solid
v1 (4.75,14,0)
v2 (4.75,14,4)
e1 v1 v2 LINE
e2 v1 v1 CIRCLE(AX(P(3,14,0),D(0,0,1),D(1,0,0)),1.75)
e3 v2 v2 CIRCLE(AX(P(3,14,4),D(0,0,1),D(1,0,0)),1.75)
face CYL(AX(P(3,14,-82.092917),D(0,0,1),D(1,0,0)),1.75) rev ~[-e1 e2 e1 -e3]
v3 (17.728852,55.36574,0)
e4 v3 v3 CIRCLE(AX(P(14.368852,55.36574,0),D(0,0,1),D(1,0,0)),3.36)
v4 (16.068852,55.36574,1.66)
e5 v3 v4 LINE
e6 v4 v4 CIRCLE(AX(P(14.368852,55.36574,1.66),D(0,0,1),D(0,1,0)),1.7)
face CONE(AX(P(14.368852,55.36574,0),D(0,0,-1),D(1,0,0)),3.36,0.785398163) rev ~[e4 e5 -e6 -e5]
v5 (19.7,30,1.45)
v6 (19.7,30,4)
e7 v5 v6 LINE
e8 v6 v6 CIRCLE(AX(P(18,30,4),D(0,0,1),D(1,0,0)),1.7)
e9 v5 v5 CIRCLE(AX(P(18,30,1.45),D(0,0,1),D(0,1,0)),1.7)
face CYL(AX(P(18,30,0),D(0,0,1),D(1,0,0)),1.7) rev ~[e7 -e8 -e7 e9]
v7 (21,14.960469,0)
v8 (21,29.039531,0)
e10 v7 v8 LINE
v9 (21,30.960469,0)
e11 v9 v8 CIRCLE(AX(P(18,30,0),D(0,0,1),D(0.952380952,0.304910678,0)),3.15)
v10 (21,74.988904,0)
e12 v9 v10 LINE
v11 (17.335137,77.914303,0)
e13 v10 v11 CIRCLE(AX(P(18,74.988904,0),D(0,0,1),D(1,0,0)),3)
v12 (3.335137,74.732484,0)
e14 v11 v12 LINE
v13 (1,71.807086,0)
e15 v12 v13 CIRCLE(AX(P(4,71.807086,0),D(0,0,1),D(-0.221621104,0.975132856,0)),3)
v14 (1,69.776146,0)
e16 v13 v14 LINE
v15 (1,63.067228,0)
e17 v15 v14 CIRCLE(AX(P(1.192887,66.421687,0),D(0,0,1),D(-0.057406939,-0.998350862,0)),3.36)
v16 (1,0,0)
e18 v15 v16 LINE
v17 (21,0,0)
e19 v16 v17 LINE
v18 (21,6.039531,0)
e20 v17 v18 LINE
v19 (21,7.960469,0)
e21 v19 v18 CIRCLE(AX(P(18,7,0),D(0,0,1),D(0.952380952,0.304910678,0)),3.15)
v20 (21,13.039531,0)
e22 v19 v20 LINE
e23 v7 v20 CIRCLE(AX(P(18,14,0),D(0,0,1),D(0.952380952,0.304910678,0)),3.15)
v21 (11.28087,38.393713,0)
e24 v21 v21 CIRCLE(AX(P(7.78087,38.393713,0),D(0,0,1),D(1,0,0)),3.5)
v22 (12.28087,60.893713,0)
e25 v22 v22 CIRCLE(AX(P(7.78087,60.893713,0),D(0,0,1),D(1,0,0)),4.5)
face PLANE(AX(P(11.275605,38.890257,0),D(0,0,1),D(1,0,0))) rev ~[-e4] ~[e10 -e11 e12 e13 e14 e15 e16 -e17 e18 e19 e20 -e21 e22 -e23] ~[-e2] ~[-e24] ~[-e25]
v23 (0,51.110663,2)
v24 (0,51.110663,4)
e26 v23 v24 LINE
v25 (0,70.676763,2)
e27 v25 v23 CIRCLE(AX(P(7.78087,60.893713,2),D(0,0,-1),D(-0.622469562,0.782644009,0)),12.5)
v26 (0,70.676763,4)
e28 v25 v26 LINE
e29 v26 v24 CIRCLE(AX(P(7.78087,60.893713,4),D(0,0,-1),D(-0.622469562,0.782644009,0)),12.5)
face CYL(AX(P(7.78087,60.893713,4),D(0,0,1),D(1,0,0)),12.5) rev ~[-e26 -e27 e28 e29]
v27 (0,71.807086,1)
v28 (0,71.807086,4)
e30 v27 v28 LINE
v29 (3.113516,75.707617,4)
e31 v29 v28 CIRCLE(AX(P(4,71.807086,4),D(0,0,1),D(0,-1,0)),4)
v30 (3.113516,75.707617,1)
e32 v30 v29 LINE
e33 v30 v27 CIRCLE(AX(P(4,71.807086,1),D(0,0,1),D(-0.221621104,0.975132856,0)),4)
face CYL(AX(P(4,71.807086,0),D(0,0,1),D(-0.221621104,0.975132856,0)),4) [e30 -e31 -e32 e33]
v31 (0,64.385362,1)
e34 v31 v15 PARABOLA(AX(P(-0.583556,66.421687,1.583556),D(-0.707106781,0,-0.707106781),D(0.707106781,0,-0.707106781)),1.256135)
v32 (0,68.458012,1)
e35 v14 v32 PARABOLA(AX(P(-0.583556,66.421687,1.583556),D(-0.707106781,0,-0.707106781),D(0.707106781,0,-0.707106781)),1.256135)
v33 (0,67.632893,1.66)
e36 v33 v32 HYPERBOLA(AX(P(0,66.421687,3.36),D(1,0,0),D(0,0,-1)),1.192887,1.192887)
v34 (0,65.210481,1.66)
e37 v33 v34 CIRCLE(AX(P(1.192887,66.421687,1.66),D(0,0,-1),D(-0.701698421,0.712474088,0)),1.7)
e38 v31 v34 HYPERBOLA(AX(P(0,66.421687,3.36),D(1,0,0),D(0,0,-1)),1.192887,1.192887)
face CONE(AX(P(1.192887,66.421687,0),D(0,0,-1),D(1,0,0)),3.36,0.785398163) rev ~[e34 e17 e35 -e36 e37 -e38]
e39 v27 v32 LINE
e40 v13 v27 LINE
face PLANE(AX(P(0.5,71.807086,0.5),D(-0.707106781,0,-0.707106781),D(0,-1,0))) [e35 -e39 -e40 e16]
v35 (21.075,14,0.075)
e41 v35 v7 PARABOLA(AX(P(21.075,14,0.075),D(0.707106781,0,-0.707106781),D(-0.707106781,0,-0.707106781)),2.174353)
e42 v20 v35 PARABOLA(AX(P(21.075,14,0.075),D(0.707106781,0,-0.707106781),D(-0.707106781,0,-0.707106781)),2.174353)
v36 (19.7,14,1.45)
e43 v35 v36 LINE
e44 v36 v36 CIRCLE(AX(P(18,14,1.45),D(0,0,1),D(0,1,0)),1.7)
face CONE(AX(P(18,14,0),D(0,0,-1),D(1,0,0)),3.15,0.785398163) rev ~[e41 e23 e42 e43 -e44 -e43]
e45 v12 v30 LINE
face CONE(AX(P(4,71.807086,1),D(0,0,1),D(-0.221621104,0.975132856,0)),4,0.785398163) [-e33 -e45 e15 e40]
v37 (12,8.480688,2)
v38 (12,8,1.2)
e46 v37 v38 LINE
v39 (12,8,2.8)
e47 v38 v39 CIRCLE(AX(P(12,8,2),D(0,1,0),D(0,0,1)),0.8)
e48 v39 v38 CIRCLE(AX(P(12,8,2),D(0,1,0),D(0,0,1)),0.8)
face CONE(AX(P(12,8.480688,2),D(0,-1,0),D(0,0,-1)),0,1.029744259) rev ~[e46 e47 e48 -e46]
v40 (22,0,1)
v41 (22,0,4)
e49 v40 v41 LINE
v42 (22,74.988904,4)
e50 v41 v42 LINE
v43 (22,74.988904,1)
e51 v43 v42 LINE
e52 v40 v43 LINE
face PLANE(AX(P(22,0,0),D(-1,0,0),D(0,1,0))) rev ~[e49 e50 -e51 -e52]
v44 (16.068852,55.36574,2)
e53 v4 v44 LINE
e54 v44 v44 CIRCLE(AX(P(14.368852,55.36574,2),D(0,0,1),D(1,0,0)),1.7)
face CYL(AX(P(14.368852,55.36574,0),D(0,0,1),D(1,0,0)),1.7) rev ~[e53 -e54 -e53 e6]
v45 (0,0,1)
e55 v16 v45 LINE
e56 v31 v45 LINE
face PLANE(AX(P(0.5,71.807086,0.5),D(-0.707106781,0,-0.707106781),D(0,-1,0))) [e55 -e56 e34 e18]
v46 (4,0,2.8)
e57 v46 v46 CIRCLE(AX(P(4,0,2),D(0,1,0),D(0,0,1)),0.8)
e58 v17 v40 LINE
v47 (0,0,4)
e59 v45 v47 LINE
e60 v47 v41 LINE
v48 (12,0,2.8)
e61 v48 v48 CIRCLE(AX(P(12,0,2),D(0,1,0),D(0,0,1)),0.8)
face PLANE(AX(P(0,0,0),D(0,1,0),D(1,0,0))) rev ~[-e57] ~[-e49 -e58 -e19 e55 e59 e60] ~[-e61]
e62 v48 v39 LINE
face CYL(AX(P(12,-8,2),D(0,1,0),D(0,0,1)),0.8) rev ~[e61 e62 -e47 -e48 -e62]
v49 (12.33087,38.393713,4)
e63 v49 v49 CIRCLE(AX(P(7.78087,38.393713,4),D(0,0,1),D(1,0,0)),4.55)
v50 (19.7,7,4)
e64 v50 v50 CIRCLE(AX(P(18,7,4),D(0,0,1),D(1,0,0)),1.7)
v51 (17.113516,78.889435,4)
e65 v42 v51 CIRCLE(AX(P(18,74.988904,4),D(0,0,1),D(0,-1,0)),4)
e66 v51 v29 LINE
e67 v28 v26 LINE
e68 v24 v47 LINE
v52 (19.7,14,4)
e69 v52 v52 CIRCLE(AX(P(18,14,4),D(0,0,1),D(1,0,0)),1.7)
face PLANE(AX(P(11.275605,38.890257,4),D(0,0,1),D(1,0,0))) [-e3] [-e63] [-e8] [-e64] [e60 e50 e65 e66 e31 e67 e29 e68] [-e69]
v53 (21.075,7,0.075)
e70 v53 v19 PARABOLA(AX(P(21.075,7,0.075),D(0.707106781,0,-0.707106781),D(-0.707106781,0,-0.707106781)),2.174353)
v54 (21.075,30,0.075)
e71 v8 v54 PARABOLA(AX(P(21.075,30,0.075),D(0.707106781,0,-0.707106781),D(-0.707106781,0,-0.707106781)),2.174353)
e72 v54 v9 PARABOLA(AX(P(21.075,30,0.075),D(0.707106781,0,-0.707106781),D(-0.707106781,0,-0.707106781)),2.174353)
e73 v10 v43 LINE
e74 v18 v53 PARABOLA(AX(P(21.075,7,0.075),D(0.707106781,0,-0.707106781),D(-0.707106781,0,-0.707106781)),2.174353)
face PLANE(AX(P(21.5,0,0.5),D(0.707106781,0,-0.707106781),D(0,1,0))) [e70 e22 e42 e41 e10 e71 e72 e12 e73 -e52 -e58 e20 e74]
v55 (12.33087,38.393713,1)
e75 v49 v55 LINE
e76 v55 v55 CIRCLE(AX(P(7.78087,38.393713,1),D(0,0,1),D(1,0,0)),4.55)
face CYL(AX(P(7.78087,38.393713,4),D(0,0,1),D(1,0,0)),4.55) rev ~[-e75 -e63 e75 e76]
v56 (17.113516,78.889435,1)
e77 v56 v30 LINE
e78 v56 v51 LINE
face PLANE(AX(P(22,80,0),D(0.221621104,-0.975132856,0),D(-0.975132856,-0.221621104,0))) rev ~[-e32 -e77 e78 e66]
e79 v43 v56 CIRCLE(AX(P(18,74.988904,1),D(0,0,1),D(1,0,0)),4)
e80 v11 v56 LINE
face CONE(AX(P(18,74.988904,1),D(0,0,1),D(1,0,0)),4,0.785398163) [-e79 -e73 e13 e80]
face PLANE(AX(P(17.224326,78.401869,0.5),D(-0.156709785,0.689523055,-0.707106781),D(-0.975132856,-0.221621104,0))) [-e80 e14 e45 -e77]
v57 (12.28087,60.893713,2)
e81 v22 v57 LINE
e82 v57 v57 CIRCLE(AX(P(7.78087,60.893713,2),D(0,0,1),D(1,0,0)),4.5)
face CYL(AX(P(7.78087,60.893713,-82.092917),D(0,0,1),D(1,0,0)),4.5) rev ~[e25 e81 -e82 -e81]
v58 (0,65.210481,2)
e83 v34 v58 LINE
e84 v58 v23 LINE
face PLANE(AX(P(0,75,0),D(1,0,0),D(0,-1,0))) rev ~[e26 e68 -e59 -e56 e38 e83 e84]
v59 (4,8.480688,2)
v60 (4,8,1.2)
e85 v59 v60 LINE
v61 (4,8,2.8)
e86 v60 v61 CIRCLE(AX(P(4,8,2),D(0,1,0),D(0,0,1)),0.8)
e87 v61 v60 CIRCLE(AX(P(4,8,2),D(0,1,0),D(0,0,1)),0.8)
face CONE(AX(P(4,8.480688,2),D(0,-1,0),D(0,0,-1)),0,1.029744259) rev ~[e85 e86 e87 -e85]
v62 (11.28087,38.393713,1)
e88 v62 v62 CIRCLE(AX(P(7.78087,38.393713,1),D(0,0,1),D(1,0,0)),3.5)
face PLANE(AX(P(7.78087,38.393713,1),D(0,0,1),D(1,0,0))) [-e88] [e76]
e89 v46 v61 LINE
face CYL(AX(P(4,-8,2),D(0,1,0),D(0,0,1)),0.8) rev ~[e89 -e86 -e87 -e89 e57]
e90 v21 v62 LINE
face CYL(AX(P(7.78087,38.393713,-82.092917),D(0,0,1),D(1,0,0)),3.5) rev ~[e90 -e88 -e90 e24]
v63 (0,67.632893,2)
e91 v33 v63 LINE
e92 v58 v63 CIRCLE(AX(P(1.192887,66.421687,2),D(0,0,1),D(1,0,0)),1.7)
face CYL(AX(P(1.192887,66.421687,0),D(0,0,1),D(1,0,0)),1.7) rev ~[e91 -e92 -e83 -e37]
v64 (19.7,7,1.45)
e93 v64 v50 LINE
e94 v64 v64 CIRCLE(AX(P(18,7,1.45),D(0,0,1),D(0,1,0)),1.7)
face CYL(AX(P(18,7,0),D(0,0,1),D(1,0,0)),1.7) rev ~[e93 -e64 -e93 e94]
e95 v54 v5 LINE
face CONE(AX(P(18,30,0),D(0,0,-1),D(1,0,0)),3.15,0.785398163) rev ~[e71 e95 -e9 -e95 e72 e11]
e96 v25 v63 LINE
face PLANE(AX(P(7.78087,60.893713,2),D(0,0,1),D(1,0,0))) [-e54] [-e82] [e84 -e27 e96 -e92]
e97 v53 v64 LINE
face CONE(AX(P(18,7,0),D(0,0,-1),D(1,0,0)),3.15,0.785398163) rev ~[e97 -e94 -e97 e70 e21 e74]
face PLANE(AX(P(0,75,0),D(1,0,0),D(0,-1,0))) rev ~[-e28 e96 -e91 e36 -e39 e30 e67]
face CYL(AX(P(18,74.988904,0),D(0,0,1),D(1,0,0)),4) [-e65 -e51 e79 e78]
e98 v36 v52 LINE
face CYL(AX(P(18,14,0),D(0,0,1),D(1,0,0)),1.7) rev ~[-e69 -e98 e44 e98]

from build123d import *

# Parameters (mm, degrees)
RESSALTO_EXTRUS_O1_DEPTH                             = 4
FILETE1_R                                            = 4
CHANFRO1_SIZE                                        = 1
FURO_DE_DI_METRO_7_0_7_1_D                           = 7
ESCAREADO_PARA_PARAFUSO_COM_CABE_A_ESCAR_D           = 3.4
ESCAREADO_PARA_PARAFUSO_COM_CABE_A_ESCAR_CSINK_D     = 6.3
ESCAREADO_PARA_PARAFUSO_COM_CABE_A_ESCAR_CSINK_ANGLE = 90
BROCA_DE_ROSQUEAR_PARA_TARRAXA_DE_M21_D              = 1.6
BROCA_DE_ROSQUEAR_PARA_TARRAXA_DE_M21_DEPTH          = 8
BROCA_DE_ROSQUEAR_PARA_TARRAXA_DE_M21_TIP            = 0.480688495
FURO_DE_DI_METRO_9_0_9_3_D                           = 9
ESCAREADO_PARA_PARAFUSO_ALLEN_SEXTAVADO_D            = 3.4
ESCAREADO_PARA_PARAFUSO_ALLEN_SEXTAVADO_CSINK_D      = 6.72
ESCAREADO_PARA_PARAFUSO_ALLEN_SEXTAVADO_CSINK_ANGLE  = 90
ESCAREADO_PARA_PARAFUSO_COM_CABE_A_E_2_D             = 3.4
ESCAREADO_PARA_PARAFUSO_COM_CABE_A_E_2_DEPTH         = 4
ESCAREADO_PARA_PARAFUSO_COM_CABE_A_E_2_CSINK_D       = 6.3
ESCAREADO_PARA_PARAFUSO_COM_CABE_A_E_2_CSINK_ANGLE   = 90
ESCAREADO_PARA_PARAFUSO_COM_CABE_A_E_2_TIP           = 1.021463052
ESBO_O12_R                                           = 4.55
CORTE_EXTRUS_O1_DEPTH                                = 3
FURO_DE_DI_METRO_3_5_3_5_1_D                         = 3.5
ESBO_O36_R                                           = 12.5
CORTE_EXTRUS_O4_DEPTH                                = 2


with BuildPart() as part:
    # Esboço1 → Ressalto-extrusão1 (new body)
    with BuildSketch(Plane.XY):
        Polygon((0, 0), (22, 0), (22, 80), (0, 75), align=None)
    extrude(amount=RESSALTO_EXTRUS_O1_DEPTH)

    # Filete1
    filete1_edges = [part.edges().sort_by_distance(p)[0] for p in [
        (0, 75, 2),
        (22, 80, 2),
    ]]
    fillet(filete1_edges, radius=FILETE1_R)

    # Chanfro1
    chanfro1_edges = [part.edges().sort_by_distance(p)[0] for p in [
        (10.113515586, 77.298526269, 0),
        (0, 35.903542878, 0),
        (0.873825208, 74.302487761, 0),
        (20.495402006, 78.115078729, 0),
        (22, 37.494451969, 0),
    ]]
    chamfer(chanfro1_edges, length=CHANFRO1_SIZE)

    # Furo de diâmetro Ø7.0 (7)1 (through all)
    with Locations(Plane(origin=(7.780869527, 38.393713373, 0), x_dir=(-1, 0, 0), z_dir=(0, 0, -1))):
        with Locations((0, 0)):
            Hole(FURO_DE_DI_METRO_7_0_7_1_D / 2)

    # Escareado para parafuso com cabe_a escar (through all)
    with Locations(Plane(origin=(18, 7, 0), x_dir=(-1, 0, 0), z_dir=(0, 0, -1))):
        with Locations((0, 0), (0, 7)):
            CounterSinkHole(ESCAREADO_PARA_PARAFUSO_COM_CABE_A_ESCAR_D / 2, ESCAREADO_PARA_PARAFUSO_COM_CABE_A_ESCAR_CSINK_D / 2, counter_sink_angle=ESCAREADO_PARA_PARAFUSO_COM_CABE_A_ESCAR_CSINK_ANGLE)

    # Broca de rosquear para tarraxa de M21
    with Locations(Plane(origin=(4, 0, 2), x_dir=(0, 0, -1), z_dir=(0, -1, 0))):
        with Locations((0, 0), (0, 8)):
            Hole(BROCA_DE_ROSQUEAR_PARA_TARRAXA_DE_M21_D / 2, depth=BROCA_DE_ROSQUEAR_PARA_TARRAXA_DE_M21_DEPTH)
            with Locations((0, 0, -(BROCA_DE_ROSQUEAR_PARA_TARRAXA_DE_M21_DEPTH + BROCA_DE_ROSQUEAR_PARA_TARRAXA_DE_M21_TIP / 2))):  # 118° drill point
                Cone(0, BROCA_DE_ROSQUEAR_PARA_TARRAXA_DE_M21_D / 2, BROCA_DE_ROSQUEAR_PARA_TARRAXA_DE_M21_TIP, mode=Mode.SUBTRACT)

    # Furo de diâmetro Ø9.0 (9)3 (through all)
    with Locations(Plane(origin=(7.780869527, 60.893713373, 0), x_dir=(-1, 0, 0), z_dir=(0, 0, -1))):
        with Locations((0, 0)):
            Hole(FURO_DE_DI_METRO_9_0_9_3_D / 2)

    # Escareado para parafuso Allen sextavado escareado de M31 (through all)
    with Locations(Plane(origin=(14.368851738, 55.36573993, 0), x_dir=(-1, 0, 0), z_dir=(0, 0, -1))):
        with Locations((0, 0), (13.175964422, 11.055946886)):
            CounterSinkHole(ESCAREADO_PARA_PARAFUSO_ALLEN_SEXTAVADO_D / 2, ESCAREADO_PARA_PARAFUSO_ALLEN_SEXTAVADO_CSINK_D / 2, counter_sink_angle=ESCAREADO_PARA_PARAFUSO_ALLEN_SEXTAVADO_CSINK_ANGLE)

    # Escareado para parafuso com cabe_a e 2
    with Locations(Plane(origin=(18, 30, 0), x_dir=(-1, 0, 0), z_dir=(0, 0, -1))):
        with Locations((0, 0)):
            CounterSinkHole(ESCAREADO_PARA_PARAFUSO_COM_CABE_A_E_2_D / 2, ESCAREADO_PARA_PARAFUSO_COM_CABE_A_E_2_CSINK_D / 2, depth=ESCAREADO_PARA_PARAFUSO_COM_CABE_A_E_2_DEPTH, counter_sink_angle=ESCAREADO_PARA_PARAFUSO_COM_CABE_A_E_2_CSINK_ANGLE)
            with Locations((0, 0, -(ESCAREADO_PARA_PARAFUSO_COM_CABE_A_E_2_DEPTH + ESCAREADO_PARA_PARAFUSO_COM_CABE_A_E_2_TIP / 2))):  # 118° drill point
                Cone(0, ESCAREADO_PARA_PARAFUSO_COM_CABE_A_E_2_D / 2, ESCAREADO_PARA_PARAFUSO_COM_CABE_A_E_2_TIP, mode=Mode.SUBTRACT)

    # Esboço12 → Corte-extrusão1 (cut)
    with BuildSketch(Plane.XY.offset(4)):
        with Locations((7.780869527, 38.393713373)):
            Circle(ESBO_O12_R)
    extrude(amount=-CORTE_EXTRUS_O1_DEPTH, mode=Mode.SUBTRACT)

    # Furo de diâmetro Ø3.5 (3.5)1 (through all)
    with Locations(Plane(origin=(3, 14, 0), x_dir=(-1, 0, 0), z_dir=(0, 0, -1))):
        with Locations((0, 0)):
            Hole(FURO_DE_DI_METRO_3_5_3_5_1_D / 2)

    # Esboço36 → Corte-extrusão4 (cut)
    with BuildSketch(Plane.XY.offset(4)):
        with Locations((7.780869527, 60.893713373)):
            Circle(ESBO_O36_R)
    extrude(amount=-CORTE_EXTRUS_O4_DEPTH, mode=Mode.SUBTRACT)


solid = part.part
